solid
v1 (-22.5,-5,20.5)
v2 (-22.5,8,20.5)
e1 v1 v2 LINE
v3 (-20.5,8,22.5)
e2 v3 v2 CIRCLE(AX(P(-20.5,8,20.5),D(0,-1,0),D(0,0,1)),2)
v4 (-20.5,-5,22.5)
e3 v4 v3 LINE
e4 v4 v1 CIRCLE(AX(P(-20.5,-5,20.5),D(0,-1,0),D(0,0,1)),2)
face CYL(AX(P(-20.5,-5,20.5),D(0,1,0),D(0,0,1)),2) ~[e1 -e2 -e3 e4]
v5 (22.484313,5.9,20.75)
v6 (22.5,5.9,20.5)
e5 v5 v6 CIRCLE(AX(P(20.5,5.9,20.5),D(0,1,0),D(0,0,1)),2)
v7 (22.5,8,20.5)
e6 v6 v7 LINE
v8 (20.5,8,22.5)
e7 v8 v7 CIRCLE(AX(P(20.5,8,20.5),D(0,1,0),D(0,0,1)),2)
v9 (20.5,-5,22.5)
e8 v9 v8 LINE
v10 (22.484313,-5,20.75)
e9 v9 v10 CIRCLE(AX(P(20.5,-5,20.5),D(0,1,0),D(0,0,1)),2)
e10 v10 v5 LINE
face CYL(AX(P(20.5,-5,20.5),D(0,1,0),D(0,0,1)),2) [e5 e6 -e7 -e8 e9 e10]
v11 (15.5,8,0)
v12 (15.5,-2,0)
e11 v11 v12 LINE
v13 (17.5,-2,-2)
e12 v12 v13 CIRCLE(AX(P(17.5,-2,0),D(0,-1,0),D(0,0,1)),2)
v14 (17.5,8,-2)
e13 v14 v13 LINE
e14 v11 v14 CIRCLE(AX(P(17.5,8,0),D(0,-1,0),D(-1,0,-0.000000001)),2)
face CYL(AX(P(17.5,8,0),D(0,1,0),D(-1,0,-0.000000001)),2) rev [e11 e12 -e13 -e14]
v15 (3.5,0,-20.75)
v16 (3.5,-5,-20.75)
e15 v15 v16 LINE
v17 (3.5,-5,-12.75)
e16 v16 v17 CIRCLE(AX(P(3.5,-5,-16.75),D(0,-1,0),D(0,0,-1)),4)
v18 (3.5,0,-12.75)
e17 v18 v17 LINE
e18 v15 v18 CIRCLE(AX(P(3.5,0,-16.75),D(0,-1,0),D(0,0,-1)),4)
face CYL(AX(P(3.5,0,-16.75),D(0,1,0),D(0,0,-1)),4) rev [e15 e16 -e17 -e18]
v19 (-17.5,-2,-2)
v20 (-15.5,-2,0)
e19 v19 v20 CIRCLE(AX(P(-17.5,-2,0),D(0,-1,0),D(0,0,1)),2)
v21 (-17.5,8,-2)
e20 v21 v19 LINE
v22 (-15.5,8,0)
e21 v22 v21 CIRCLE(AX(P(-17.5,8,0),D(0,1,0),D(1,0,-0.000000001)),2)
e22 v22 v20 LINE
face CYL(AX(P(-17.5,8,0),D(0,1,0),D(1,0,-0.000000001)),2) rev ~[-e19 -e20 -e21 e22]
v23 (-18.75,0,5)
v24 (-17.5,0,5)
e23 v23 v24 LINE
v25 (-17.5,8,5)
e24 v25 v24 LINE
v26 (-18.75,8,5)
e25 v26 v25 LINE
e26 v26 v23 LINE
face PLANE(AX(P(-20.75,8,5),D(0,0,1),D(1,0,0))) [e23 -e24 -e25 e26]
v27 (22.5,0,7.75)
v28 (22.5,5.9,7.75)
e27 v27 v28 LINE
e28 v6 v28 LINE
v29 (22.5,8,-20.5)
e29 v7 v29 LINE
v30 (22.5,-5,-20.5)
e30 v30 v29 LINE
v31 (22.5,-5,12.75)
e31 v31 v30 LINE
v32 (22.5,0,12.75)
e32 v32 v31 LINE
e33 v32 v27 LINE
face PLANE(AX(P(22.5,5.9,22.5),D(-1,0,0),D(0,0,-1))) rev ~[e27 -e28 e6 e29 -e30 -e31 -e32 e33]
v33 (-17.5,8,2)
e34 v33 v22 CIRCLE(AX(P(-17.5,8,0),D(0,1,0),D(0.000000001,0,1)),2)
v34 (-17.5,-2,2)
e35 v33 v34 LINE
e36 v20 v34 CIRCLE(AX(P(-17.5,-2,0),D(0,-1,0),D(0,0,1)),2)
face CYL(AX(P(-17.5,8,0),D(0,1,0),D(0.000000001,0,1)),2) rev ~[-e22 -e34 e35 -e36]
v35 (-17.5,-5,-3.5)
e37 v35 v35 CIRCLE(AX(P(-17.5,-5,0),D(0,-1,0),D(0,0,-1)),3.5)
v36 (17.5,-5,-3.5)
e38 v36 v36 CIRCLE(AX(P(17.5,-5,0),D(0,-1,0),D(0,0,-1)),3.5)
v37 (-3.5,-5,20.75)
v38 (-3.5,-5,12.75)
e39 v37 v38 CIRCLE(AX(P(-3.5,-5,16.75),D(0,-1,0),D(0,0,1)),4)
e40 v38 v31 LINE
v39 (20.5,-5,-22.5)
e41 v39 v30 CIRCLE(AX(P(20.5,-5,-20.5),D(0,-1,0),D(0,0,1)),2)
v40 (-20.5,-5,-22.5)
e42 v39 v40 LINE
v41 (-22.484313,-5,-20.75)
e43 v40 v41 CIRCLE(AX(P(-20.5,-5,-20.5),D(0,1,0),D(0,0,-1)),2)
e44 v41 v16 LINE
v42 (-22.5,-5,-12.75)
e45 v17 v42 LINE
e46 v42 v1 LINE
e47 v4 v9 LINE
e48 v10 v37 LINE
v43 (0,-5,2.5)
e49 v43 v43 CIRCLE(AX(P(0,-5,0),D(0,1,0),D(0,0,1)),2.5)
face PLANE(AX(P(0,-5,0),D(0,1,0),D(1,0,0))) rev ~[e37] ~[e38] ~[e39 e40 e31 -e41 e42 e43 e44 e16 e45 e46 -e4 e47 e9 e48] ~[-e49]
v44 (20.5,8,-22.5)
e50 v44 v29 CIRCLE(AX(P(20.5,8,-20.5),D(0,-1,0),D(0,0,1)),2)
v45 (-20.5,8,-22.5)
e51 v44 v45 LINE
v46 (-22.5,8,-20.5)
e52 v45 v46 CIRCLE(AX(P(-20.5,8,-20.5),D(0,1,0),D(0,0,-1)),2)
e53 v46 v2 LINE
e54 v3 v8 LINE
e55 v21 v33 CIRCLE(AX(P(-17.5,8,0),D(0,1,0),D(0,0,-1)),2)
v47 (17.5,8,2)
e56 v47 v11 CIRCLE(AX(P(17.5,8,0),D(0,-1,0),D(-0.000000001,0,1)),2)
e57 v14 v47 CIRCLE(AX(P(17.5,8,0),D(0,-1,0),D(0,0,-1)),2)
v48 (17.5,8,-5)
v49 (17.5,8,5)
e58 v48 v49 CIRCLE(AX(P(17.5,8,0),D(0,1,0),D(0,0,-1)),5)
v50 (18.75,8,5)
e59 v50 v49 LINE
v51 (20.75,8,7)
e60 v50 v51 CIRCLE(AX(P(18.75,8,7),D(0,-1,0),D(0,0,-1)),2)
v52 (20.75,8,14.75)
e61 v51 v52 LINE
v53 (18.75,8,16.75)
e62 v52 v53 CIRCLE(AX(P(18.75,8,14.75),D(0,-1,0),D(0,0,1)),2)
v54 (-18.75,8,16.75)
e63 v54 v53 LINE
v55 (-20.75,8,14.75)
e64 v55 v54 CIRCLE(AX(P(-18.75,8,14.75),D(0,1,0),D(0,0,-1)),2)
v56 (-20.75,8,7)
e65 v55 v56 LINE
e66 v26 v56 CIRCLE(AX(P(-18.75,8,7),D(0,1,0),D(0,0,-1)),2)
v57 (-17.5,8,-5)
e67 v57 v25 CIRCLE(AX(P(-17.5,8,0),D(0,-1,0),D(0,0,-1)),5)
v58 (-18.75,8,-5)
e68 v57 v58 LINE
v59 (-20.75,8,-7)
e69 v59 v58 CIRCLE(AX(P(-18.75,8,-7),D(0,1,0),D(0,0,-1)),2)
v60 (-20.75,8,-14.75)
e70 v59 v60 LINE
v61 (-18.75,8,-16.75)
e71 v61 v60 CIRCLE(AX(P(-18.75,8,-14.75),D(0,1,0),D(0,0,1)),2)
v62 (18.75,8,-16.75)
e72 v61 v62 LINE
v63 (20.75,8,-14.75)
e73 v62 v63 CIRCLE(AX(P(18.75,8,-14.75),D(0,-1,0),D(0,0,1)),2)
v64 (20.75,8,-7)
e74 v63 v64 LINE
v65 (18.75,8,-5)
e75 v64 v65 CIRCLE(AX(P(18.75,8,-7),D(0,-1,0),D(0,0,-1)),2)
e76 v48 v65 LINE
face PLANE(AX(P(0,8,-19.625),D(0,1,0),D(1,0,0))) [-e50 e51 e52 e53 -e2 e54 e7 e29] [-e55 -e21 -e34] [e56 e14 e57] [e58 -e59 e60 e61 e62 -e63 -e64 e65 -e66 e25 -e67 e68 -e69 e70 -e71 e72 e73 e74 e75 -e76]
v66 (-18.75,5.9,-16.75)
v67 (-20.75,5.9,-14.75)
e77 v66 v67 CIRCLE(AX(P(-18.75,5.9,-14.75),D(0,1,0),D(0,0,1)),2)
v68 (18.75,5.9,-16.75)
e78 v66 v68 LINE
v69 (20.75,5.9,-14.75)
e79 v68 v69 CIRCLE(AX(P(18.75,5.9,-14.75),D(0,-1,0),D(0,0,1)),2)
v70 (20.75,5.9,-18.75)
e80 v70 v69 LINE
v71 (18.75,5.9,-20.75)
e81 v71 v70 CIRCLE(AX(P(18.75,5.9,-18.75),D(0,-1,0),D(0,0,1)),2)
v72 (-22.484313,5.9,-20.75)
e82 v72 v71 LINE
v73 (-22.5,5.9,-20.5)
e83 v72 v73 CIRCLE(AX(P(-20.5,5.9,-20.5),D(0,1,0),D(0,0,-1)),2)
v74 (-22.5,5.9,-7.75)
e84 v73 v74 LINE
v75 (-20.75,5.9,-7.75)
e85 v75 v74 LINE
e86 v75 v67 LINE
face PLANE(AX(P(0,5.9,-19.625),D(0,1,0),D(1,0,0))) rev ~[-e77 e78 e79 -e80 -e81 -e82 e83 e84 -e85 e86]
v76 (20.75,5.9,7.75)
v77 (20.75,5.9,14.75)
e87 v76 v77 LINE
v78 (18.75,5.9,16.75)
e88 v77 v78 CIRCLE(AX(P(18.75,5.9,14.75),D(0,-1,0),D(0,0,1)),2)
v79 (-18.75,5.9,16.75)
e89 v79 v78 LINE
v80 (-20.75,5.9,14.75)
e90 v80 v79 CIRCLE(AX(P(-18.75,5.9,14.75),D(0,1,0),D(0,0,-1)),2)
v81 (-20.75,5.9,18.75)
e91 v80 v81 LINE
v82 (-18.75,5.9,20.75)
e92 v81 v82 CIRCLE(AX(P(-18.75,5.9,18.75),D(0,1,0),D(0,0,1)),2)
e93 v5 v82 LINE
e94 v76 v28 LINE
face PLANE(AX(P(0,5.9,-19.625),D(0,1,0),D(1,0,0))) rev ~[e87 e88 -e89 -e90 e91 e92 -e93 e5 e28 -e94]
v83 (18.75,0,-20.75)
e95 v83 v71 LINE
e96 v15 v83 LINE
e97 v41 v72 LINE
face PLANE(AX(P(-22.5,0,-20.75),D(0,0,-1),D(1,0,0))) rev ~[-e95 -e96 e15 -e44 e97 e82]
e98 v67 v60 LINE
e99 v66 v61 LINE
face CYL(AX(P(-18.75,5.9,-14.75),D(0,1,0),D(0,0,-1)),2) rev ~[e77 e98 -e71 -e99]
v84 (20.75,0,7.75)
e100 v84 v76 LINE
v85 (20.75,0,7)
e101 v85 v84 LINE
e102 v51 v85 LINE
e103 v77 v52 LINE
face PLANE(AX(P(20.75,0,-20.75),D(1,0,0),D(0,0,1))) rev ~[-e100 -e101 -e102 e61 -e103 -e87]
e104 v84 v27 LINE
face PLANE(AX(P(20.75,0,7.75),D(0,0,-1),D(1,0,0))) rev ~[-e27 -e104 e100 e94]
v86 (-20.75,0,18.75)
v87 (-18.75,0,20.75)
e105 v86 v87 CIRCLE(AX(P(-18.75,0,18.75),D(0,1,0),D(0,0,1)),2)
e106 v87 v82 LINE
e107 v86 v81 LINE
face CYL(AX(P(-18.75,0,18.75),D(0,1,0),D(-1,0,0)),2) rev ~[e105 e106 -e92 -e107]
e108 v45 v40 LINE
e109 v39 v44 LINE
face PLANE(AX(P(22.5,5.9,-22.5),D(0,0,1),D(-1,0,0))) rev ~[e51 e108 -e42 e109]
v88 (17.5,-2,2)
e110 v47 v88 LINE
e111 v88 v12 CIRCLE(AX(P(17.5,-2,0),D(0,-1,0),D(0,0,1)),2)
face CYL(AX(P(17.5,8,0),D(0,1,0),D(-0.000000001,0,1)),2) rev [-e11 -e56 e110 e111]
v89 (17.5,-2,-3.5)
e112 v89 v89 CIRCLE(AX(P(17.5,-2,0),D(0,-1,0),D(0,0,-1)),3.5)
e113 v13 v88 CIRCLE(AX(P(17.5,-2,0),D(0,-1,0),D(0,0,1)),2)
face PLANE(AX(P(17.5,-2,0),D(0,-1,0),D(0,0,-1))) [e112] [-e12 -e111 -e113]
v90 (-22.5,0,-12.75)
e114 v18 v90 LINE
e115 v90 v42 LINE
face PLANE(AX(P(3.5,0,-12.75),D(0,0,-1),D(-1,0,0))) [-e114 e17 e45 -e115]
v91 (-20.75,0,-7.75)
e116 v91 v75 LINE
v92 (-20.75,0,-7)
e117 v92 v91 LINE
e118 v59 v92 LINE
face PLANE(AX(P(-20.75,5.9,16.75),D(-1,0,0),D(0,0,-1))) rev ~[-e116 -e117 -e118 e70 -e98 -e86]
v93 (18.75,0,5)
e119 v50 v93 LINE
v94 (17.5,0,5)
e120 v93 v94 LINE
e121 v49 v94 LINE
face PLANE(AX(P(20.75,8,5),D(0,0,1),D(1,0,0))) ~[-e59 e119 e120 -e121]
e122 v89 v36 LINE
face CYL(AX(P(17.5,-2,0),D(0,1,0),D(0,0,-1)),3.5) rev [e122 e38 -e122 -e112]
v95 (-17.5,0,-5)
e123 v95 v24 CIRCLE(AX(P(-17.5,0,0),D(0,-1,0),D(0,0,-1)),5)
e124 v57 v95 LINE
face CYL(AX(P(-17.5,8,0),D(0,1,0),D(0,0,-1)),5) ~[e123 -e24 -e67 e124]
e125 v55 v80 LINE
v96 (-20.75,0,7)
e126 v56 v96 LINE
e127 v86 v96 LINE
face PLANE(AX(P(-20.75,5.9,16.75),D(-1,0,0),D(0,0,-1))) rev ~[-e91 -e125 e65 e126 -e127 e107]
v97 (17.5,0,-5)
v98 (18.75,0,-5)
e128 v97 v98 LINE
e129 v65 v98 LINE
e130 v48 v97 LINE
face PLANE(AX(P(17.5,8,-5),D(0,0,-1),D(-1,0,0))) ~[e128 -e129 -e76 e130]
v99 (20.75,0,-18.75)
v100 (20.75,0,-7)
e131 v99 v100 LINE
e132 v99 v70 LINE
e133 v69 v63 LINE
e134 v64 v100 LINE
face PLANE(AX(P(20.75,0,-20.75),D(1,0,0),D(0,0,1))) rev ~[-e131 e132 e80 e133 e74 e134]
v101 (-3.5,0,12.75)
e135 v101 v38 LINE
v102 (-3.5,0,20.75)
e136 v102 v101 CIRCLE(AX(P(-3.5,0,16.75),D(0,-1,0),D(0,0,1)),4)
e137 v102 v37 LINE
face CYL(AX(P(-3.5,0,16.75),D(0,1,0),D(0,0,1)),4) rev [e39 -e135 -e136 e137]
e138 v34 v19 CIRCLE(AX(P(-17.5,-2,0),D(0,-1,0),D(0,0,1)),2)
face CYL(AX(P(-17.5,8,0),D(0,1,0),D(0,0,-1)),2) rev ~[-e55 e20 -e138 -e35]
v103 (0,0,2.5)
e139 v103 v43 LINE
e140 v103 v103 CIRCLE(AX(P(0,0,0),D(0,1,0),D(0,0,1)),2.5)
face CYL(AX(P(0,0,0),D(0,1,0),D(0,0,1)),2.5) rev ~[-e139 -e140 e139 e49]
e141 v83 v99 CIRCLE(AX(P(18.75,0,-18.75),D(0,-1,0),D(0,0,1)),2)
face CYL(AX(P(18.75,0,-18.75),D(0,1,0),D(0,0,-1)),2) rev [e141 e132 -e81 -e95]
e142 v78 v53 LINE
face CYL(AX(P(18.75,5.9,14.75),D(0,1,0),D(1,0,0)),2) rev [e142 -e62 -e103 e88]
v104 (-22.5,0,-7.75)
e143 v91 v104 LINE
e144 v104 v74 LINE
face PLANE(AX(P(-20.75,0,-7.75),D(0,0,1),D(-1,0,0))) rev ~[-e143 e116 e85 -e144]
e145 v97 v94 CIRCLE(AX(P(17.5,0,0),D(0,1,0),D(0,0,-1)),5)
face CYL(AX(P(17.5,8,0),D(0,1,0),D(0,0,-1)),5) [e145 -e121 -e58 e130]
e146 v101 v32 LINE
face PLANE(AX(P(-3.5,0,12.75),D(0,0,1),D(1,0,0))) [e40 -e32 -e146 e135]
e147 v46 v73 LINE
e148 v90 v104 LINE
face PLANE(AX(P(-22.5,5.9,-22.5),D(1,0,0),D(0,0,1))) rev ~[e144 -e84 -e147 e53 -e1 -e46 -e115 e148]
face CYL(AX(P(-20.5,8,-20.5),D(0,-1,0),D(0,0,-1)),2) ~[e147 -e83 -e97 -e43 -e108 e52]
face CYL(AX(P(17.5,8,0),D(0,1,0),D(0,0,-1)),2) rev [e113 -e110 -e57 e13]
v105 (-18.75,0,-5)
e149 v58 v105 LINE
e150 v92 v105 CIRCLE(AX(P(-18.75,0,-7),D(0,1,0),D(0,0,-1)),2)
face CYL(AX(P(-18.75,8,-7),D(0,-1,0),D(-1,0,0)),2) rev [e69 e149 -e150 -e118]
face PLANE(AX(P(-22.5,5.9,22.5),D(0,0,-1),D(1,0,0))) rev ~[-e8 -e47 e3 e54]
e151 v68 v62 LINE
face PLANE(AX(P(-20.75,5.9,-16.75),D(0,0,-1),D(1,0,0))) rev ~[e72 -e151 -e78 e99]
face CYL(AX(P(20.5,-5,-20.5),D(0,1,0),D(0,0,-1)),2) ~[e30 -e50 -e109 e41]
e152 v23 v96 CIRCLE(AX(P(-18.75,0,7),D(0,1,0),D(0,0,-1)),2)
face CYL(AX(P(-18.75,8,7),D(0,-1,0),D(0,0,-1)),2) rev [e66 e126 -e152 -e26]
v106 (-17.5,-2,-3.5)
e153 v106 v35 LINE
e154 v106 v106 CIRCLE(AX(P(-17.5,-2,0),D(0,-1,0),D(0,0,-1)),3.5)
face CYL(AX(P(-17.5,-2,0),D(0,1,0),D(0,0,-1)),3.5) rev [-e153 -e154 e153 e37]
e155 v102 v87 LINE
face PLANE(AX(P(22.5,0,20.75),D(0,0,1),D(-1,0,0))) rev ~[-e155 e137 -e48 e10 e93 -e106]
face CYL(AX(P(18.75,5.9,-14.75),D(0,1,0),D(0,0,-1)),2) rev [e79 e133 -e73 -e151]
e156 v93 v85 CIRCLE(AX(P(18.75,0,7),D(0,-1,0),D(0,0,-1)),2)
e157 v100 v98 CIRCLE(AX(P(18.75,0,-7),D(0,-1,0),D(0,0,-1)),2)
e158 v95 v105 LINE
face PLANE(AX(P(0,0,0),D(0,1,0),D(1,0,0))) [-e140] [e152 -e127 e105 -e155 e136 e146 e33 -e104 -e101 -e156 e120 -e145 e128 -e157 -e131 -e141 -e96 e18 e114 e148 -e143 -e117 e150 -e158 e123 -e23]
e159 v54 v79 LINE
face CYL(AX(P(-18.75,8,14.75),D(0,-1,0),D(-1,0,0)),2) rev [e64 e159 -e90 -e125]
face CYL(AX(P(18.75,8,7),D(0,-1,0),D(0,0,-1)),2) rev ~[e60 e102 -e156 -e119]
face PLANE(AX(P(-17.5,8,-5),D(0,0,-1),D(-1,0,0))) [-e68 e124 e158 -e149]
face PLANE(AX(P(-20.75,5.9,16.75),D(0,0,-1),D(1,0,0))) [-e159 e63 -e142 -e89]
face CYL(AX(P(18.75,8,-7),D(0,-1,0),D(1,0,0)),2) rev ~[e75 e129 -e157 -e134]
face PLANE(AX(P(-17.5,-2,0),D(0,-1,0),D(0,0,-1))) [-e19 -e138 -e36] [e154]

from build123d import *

# Parameters (mm, degrees)
CROQUIS1_R                   = 2.5
SALIENTE_EXTRUIR1_DEPTH      = 5
SALIENTE_EXTRUIR2_DEPTH      = 6
SALIENTE_EXTRUIR5_DEPTH      = 2
SALIENTE_EXTRUIR5_DEPTH_BACK = 0.1
CROQUIS2_W                   = 41.5
CROQUIS2_H                   = 5.75
CROQUIS2_H_2                 = 4
CROQUIS2_H_3                 = 1.75
CROQUIS2_W_2                 = 1.75
CROQUIS3_R                   = 2
SALIENTE_EXTRUIR6_DEPTH      = 8
CORTAR_EXTRUIR1_REACH        = 36.373
CORTAR_EXTRUIR2_START        = -3
CROQUIS4_R                   = 3.5
CROQUIS4_R_2                 = 2
CORTAR_EXTRUIR2_DEPTH        = 3
REDONDEO1_R                  = 2
REDONDEO2_R                  = 2


with BuildPart() as part:
    # Croquis1 → Saliente-Extruir1 (new body)
    with BuildSketch(Plane(origin=(0, 0, 0), x_dir=(1, 0, 0), z_dir=(0, 1, 0))):
        with BuildLine():
            Line((-22.5, -22.5), (22.5, -22.5))
            Line((22.5, -22.5), (22.5, -20.75))
            Line((22.5, -20.75), (-3.5, -20.75))
            ThreePointArc((-3.5, -20.75), (-7.5, -16.75), (-3.5, -12.75))
            Line((-3.5, -12.75), (22.5, -12.75))
            Line((22.5, -12.75), (22.5, 22.5))
            Line((22.5, 22.5), (-22.5, 22.5))
            Line((-22.5, 22.5), (-22.5, 20.75))
            Line((-22.5, 20.75), (3.5, 20.75))
            ThreePointArc((3.5, 20.75), (7.5, 16.75), (3.5, 12.75))
            Line((3.5, 12.75), (-22.5, 12.75))
            Line((-22.5, 12.75), (-22.5, -22.5))
        make_face()
        with Locations(Location((0, 0, 0), (0, 0, 270))):
            Circle(CROQUIS1_R, mode=Mode.SUBTRACT)
    extrude(amount=-SALIENTE_EXTRUIR1_DEPTH)

    # Croquis1<3> → Saliente-Extruir2 (add)
    with BuildSketch(Plane(origin=(0, 0, 0), x_dir=(1, 0, 0), z_dir=(0, 1, 0))):
        Polygon((-22.5, 7.75), (-22.5, -22.5), (22.5, -22.5), (22.5, -20.75), (-3.5, -20.75), (-20.75, -20.75), (-20.75, 7.75), align=None)
        Polygon((-22.5, 22.5), (-22.5, 20.75), (3.5, 20.75), (20.75, 20.75), (20.75, -7.75), (22.5, -7.75), (22.5, 22.5), align=None)
    extrude(amount=SALIENTE_EXTRUIR2_DEPTH)

    # Croquis2 → Saliente-Extruir5 (add, two sides: drawn at the far end of the back side and taken through both)
    with BuildSketch(Plane(origin=(0, 6, 0), x_dir=(1, 0, 0), z_dir=(0, 1, 0)).offset(-SALIENTE_EXTRUIR5_DEPTH_BACK)):
        with Locations((0, 19.625)):
            Rectangle(CROQUIS2_W, CROQUIS2_H)
        Polygon((-20.75, 22.5), (-22.5, 22.5), (-22.5, 7.75), (-20.75, 7.75), (-20.75, 16.75), align=None)
        with Locations((0, -18.75)):
            Rectangle(CROQUIS2_W, CROQUIS2_H_2)
        with Locations((0, -21.625)):
            Rectangle(CROQUIS2_W, CROQUIS2_H_3)
        Polygon((-20.75, 7.75), (-22.5, 7.75), (-22.5, -22.5), (-20.75, -22.5), (-20.75, -20.75), (-20.75, -16.75), align=None)
        Polygon((22.5, 22.5), (20.75, 22.5), (20.75, 16.75), (20.75, -16.75), (20.75, -20.75), (22.5, -20.75), align=None)
        with Locations((21.625, -21.625)):
            Rectangle(CROQUIS2_W_2, CROQUIS2_H_3)
    extrude(amount=SALIENTE_EXTRUIR5_DEPTH + SALIENTE_EXTRUIR5_DEPTH_BACK)

    # Croquis3 → Saliente-Extruir6 (add)
    with BuildSketch(Plane(origin=(0, 8, 0), x_dir=(1, 0, 0), z_dir=(0, 1, 0))):
        with BuildLine():
            Line((-20.75, 5), (-20.75, -5))
            Line((-20.75, -5), (-17.5, -5))
            Line((-17.5, -5), (-17.5, -2))
            ThreePointArc((-17.5, -2), (-19.5, 0), (-17.5, 2))
            Line((-17.5, 2), (-17.5, 5))
            Line((-17.5, 5), (-20.75, 5))
        make_face()
        with Locations((-17.5, 0)):
            Circle(CROQUIS3_R)
        with BuildLine():
            Line((-17.5, -5), (-17.5, 5))
            ThreePointArc((-17.5, 5), (-12.5, 0), (-17.5, -5))
        make_face()
        with BuildLine():
            ThreePointArc((-17.5, 2), (-19.5, 0), (-17.5, -2))
            Line((-17.5, -2), (-17.5, 2))
        make_face()
        with BuildLine():
            Line((-17.5, 2), (-17.5, -2))
            ThreePointArc((-17.5, -2), (-16.085786438, -1.414213562), (-15.5, 0))
            ThreePointArc((-15.5, 0), (-16.085786438, 1.414213562), (-17.5, 2))
        make_face()
    saliente_extruir6 = extrude(amount=-SALIENTE_EXTRUIR6_DEPTH)

    # Croquis3<3> → Cortar-Extruir1 (cut, up to next)
    with BuildSketch(Plane(origin=(0, 8, 0), x_dir=(1, 0, 0), z_dir=(0, 1, 0)), mode=Mode.PRIVATE) as cortar_extruir1_sk1:
        with BuildLine():
            ThreePointArc((-17.5, 2), (-19.5, 0), (-17.5, -2))
            Line((-17.5, -2), (-17.5, 2))
        make_face()
    cortar_extruir1_tool1 = extrude(cortar_extruir1_sk1.sketch, amount=-CORTAR_EXTRUIR1_REACH, mode=Mode.PRIVATE) & part.part
    # Croquis3<3> → Cortar-Extruir1 (cut, up to next)
    with BuildSketch(Plane(origin=(0, 8, 0), x_dir=(1, 0, 0), z_dir=(0, 1, 0)), mode=Mode.PRIVATE) as cortar_extruir1_sk2:
        with BuildLine():
            Line((-17.5, 2), (-17.5, -2))
            ThreePointArc((-17.5, -2), (-16.085786438, -1.414213562), (-15.5, 0))
            ThreePointArc((-15.5, 0), (-16.085786438, 1.414213562), (-17.5, 2))
        make_face()
    cortar_extruir1_tool2 = extrude(cortar_extruir1_sk2.sketch, amount=-CORTAR_EXTRUIR1_REACH, mode=Mode.PRIVATE) & part.part
    # Croquis3<3> → Cortar-Extruir1 (cut, up to next)
    with BuildSketch(Plane(origin=(0, 8, 0), x_dir=(1, 0, 0), z_dir=(0, 1, 0)), mode=Mode.PRIVATE) as cortar_extruir1_sk3:
        with BuildLine():
            ThreePointArc((-17.5, 2), (-19.5, 0), (-17.5, -2))
            Line((-17.5, -2), (-17.5, 2))
        make_face()
    cortar_extruir1_tool3 = extrude(cortar_extruir1_sk3.sketch, amount=-CORTAR_EXTRUIR1_REACH, mode=Mode.PRIVATE) & part.part
    # Croquis3<3> → Cortar-Extruir1 (cut, up to next)
    with BuildSketch(Plane(origin=(0, 8, 0), x_dir=(1, 0, 0), z_dir=(0, 1, 0)), mode=Mode.PRIVATE) as cortar_extruir1_sk4:
        with BuildLine():
            Line((-17.5, 2), (-17.5, -2))
            ThreePointArc((-17.5, -2), (-16.085786438, -1.414213562), (-15.5, 0))
            ThreePointArc((-15.5, 0), (-16.085786438, 1.414213562), (-17.5, 2))
        make_face()
    cortar_extruir1_tool4 = extrude(cortar_extruir1_sk4.sketch, amount=-CORTAR_EXTRUIR1_REACH, mode=Mode.PRIVATE) & part.part
    cortar_extruir1_1 = cortar_extruir1_tool1.solids().sort_by_distance((-18.348826, 8, 0))[0]
    add(cortar_extruir1_1, mode=Mode.SUBTRACT)
    cortar_extruir1_2 = cortar_extruir1_tool2.solids().sort_by_distance((-16.651174, 8, 0))[0]
    add(cortar_extruir1_2, mode=Mode.SUBTRACT)
    cortar_extruir1_3 = cortar_extruir1_tool3.solids().sort_by_distance((-18.348826, 8, 0))[0]
    add(cortar_extruir1_3, mode=Mode.SUBTRACT)
    cortar_extruir1_4 = cortar_extruir1_tool4.solids().sort_by_distance((-16.651174, 8, 0))[0]
    add(cortar_extruir1_4, mode=Mode.SUBTRACT)
    cortar_extruir1 = cortar_extruir1_1 + cortar_extruir1_2 + cortar_extruir1_3 + cortar_extruir1_4  # Cortar-Extruir1 as one shape, for the pattern or mirror that repeats it

    # Simetría1: Saliente-Extruir6, Cortar-Extruir1 across plane
    add(saliente_extruir6.mirror(Plane(origin=(0, 0, 0), x_dir=(0, 0, 1), z_dir=(1, 0, 0))))
    add(cortar_extruir1.mirror(Plane(origin=(0, 0, 0), x_dir=(0, 0, 1), z_dir=(1, 0, 0))), mode=Mode.SUBTRACT)

    # Croquis4 → Cortar-Extruir2 (cut)
    # profile 1 of 2: a face of its own
    with BuildSketch(Plane.XZ.offset(5).offset(CORTAR_EXTRUIR2_START)):
        with Locations(Location((-17.5, 0, 0), (0, 0, 270))):
            Circle(CROQUIS4_R)
        with Locations(Location((-17.5, 0, 0), (0, 0, 90))):
            Circle(CROQUIS4_R_2, mode=Mode.SUBTRACT)
    # profile 2 of 2: a face of its own
    with BuildSketch(Plane.XZ.offset(5).offset(CORTAR_EXTRUIR2_START)):
        with Locations(Location((17.5, 0, 0), (0, 0, 270))):
            Circle(CROQUIS4_R)
        with Locations(Location((17.5, 0, 0), (0, 0, 90))):
            Circle(CROQUIS4_R_2, mode=Mode.SUBTRACT)
    extrude(amount=CORTAR_EXTRUIR2_DEPTH, mode=Mode.SUBTRACT)

    # Redondeo1
    redondeo1_edges = [part.edges().sort_by_distance(p)[0] for p in [
        (20.75, 6.95, 16.75),
        (-20.75, 6.95, 16.75),
        (20.75, 6.95, -16.75),
        (-20.75, 4, -5),
        (-20.75, 4, 5),
        (20.75, 4, 5),
        (20.75, 4, -5),
        (-20.75, 6.95, -16.75),
    ]]
    fillet(redondeo1_edges, radius=REDONDEO1_R)

    # Redondeo2
    redondeo2_edges = [part.edges().sort_by_distance(p)[0] for p in [
        (-22.5, 1.5, -22.5),
        (22.5, 1.5, -22.5),
        (-22.5, 1.5, 22.5),
        (22.5, 1.5, 22.5),
        (20.75, 2.95, -20.75),
        (-20.75, 2.95, 20.75),
    ]]
    fillet(redondeo2_edges, radius=REDONDEO2_R)


solid = part.part
